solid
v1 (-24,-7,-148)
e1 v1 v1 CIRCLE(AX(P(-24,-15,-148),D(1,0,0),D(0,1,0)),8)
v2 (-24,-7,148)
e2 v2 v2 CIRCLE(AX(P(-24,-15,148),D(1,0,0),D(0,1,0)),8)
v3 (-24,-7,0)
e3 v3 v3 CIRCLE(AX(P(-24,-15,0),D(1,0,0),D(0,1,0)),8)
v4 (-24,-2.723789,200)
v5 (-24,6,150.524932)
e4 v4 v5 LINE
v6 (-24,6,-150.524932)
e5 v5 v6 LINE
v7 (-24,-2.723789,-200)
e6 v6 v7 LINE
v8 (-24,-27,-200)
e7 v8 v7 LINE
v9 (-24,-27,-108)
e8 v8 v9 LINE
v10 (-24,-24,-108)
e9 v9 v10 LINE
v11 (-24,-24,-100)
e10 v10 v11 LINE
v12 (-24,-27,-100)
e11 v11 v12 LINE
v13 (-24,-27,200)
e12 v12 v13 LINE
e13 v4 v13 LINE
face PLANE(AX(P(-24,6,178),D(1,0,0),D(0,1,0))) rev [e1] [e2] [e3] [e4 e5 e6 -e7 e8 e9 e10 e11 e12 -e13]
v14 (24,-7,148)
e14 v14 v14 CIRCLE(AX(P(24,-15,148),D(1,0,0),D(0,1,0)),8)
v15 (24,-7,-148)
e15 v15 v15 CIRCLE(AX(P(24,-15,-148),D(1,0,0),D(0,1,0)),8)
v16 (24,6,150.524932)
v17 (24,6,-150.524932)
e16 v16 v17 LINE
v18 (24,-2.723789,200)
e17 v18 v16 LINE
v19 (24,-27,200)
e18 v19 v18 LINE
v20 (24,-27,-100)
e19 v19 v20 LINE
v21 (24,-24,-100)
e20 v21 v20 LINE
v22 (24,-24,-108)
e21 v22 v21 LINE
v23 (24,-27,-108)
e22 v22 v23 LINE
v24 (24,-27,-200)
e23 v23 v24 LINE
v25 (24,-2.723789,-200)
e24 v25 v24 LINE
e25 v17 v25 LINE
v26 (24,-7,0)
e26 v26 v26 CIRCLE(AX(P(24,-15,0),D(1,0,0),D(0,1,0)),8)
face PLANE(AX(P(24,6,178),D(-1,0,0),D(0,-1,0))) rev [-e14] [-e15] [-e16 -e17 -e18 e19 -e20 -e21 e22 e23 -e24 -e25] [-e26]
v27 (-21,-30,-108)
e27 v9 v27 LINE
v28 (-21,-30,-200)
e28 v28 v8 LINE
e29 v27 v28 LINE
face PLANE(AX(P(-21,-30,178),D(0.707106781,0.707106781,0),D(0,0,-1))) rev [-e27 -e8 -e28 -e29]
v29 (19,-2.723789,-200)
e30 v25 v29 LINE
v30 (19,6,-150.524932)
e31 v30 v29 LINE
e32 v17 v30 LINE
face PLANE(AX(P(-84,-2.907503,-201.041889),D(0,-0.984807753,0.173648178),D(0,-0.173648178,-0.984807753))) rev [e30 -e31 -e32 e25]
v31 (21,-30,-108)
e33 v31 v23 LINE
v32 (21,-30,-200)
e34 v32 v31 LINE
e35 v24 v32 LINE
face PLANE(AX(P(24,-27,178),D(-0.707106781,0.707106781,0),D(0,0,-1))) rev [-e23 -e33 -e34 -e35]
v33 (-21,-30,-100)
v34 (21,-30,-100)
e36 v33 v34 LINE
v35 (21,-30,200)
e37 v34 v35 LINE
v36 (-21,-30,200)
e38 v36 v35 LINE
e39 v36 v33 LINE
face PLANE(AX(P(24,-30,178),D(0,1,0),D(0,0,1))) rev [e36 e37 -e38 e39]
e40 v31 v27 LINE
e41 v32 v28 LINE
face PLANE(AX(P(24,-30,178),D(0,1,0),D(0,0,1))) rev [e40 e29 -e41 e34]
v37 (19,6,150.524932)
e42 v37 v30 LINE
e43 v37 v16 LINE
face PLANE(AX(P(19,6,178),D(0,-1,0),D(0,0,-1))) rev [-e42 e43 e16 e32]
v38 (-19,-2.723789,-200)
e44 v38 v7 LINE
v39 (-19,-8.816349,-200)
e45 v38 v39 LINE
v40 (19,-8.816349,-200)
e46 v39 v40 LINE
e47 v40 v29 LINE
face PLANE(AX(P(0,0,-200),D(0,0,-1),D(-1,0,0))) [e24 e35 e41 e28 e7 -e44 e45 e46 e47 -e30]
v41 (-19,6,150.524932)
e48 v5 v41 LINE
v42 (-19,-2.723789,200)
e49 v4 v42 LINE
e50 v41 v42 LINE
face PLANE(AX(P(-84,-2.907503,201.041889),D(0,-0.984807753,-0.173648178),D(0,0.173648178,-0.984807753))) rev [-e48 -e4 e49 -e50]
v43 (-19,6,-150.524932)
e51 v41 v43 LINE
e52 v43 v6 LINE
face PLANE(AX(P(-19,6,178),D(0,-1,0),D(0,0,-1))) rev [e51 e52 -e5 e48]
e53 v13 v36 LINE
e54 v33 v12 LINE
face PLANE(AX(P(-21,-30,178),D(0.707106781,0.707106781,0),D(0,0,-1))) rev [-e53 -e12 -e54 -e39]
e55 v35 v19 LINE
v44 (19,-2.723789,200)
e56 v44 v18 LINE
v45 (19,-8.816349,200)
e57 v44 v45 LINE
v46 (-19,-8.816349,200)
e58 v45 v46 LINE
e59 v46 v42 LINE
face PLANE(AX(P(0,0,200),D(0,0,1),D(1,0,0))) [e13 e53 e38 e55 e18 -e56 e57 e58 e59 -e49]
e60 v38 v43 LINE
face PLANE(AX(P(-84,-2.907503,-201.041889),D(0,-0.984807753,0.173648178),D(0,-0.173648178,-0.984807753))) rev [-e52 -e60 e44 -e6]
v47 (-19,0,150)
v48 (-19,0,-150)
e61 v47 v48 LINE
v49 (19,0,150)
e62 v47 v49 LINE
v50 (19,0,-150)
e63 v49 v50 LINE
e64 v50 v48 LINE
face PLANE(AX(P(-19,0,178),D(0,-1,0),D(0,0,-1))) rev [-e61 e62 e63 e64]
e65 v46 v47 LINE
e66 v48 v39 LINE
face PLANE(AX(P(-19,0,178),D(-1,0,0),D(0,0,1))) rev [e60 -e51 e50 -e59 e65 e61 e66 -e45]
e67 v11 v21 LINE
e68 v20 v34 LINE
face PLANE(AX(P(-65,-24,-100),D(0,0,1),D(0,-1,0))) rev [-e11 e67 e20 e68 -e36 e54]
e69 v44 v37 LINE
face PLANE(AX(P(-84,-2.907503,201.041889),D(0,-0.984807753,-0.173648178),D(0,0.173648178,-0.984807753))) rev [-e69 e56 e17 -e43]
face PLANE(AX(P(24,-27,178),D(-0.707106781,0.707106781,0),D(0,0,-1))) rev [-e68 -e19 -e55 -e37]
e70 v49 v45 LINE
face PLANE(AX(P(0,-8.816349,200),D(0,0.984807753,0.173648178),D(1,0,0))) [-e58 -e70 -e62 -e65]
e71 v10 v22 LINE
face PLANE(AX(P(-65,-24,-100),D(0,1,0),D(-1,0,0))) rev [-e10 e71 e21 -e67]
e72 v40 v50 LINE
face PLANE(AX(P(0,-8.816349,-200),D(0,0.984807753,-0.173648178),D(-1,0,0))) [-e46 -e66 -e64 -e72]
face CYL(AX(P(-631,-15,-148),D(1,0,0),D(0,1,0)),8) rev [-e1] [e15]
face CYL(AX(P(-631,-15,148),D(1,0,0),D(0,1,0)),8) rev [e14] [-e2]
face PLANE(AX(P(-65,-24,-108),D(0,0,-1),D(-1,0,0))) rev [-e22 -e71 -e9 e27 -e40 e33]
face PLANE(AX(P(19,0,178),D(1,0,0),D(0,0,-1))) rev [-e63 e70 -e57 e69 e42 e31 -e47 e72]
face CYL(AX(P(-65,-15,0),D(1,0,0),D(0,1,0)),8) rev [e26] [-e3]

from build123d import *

# Parameters (mm, degrees)
RESSALTO_EXTRUS_O1_DEPTH = 178
ESBO_O2_R                = 8
CORTE_EXTRUS_O1_DEPTH    = 655
RESSALTO_EXTRUS_O2_DEPTH = 22
RESSALTO_EXTRUS_O3_DEPTH = 22
ESBO_O5_W                = 8
ESBO_O5_H                = 32.976988492
CORTE_EXTRUS_O2_DEPTH    = 89
CHANFRO1_SIZE            = 50
CHANFRO1_SIZE2           = 8.816349035
CORTE_EXTRUS_O3_DEPTH    = 108
CHANFRO2_SIZE            = 3
ESBO_O7_R                = 8
CORTE_EXTRUS_O4_DEPTH    = 89


with BuildPart() as part:
    # Esboço1 → Ressalto-extrusão1 (new, symmetric)
    with BuildSketch(Plane.XY):
        Polygon((-19, 0), (19, 0), (19, 6), (24, 6), (24, -30), (-24, -30), (-24, 6), (-19, 6), align=None)
    extrude(amount=RESSALTO_EXTRUS_O1_DEPTH, both=True)

    # Esboço2 → Corte-extrusão1 (cut)
    with BuildSketch(Plane(origin=(24, 0, 0), x_dir=(0, 0, -1), z_dir=(1, 0, 0))):
        with Locations(Location((-148, -15, 0), (0, 0, 90))):
            Circle(ESBO_O2_R)
        with Locations(Location((148, -15, 0), (0, 0, 90))):
            Circle(ESBO_O2_R)
    extrude(amount=-CORTE_EXTRUS_O1_DEPTH, mode=Mode.SUBTRACT)

    # Esboço3 → Ressalto-extrusão2 (add)
    with BuildSketch(Plane.XY.offset(178)):
        Polygon((-24, 6), (-24, -30), (24, -30), (24, 6), (19, 6), (19, 0), (-19, 0), (-19, 6), align=None)
    extrude(amount=RESSALTO_EXTRUS_O2_DEPTH)

    # Esboço4 → Ressalto-extrusão3 (add)
    with BuildSketch(Plane(origin=(0, 0, -178), x_dir=(-1, 0, 0), z_dir=(0, 0, -1))):
        Polygon((24, -30), (24, 6), (19, 6), (19, 0), (-19, 0), (-19, 6), (-24, 6), (-24, -30), align=None)
    extrude(amount=RESSALTO_EXTRUS_O3_DEPTH)

    # Esboço5 → Corte-extrusão2 (cut)
    with BuildSketch(Plane(origin=(24, 0, 0), x_dir=(0, 0, -1), z_dir=(1, 0, 0))):
        with Locations((104, -40.488494246)):
            Rectangle(ESBO_O5_W, ESBO_O5_H)
    extrude(amount=-CORTE_EXTRUS_O2_DEPTH, mode=Mode.SUBTRACT)

    # Chanfro1
    chanfro1_edges = [part.edges().sort_by_distance(p)[0] for p in [
        (0, 0, 200),
        (0, 0, -200),
    ]]
    chanfro1_side = [part.faces().sort_by_distance(p)[0] for p in [
        (0, 0, 0),
    ]]
    chamfer(chanfro1_edges, length=CHANFRO1_SIZE, length2=CHANFRO1_SIZE2, reference=chanfro1_side[0])

    # Esboço6 → Corte-extrusão3 (cut)
    with BuildSketch(Plane(origin=(24, 0, 0), x_dir=(0, 0, -1), z_dir=(1, 0, 0))):
        Polygon((-135.211980872, 8.700086435), (-200, 6), (-201.041889066, -2.907502517), align=None)
        Polygon((200, 6), (201.041889066, -2.907502517), (135.211980872, 8.700086435), align=None)
    extrude(amount=-CORTE_EXTRUS_O3_DEPTH, mode=Mode.SUBTRACT)

    # Chanfro2
    chanfro2_edges = [part.edges().sort_by_distance(p)[0] for p in [
        (24, -30, 50),
        (-24, -30, 50),
        (24, -30, -154),
        (-24, -30, -154),
    ]]
    chamfer(chanfro2_edges, length=CHANFRO2_SIZE)

    # Esboço7 → Corte-extrusão4 (cut)
    with BuildSketch(Plane(origin=(24, 0, 0), x_dir=(0, 0, -1), z_dir=(1, 0, 0))):
        with Locations(Location((0, -15, 0), (0, 0, 90))):
            Circle(ESBO_O7_R)
    extrude(amount=-CORTE_EXTRUS_O4_DEPTH, mode=Mode.SUBTRACT)


solid = part.part
